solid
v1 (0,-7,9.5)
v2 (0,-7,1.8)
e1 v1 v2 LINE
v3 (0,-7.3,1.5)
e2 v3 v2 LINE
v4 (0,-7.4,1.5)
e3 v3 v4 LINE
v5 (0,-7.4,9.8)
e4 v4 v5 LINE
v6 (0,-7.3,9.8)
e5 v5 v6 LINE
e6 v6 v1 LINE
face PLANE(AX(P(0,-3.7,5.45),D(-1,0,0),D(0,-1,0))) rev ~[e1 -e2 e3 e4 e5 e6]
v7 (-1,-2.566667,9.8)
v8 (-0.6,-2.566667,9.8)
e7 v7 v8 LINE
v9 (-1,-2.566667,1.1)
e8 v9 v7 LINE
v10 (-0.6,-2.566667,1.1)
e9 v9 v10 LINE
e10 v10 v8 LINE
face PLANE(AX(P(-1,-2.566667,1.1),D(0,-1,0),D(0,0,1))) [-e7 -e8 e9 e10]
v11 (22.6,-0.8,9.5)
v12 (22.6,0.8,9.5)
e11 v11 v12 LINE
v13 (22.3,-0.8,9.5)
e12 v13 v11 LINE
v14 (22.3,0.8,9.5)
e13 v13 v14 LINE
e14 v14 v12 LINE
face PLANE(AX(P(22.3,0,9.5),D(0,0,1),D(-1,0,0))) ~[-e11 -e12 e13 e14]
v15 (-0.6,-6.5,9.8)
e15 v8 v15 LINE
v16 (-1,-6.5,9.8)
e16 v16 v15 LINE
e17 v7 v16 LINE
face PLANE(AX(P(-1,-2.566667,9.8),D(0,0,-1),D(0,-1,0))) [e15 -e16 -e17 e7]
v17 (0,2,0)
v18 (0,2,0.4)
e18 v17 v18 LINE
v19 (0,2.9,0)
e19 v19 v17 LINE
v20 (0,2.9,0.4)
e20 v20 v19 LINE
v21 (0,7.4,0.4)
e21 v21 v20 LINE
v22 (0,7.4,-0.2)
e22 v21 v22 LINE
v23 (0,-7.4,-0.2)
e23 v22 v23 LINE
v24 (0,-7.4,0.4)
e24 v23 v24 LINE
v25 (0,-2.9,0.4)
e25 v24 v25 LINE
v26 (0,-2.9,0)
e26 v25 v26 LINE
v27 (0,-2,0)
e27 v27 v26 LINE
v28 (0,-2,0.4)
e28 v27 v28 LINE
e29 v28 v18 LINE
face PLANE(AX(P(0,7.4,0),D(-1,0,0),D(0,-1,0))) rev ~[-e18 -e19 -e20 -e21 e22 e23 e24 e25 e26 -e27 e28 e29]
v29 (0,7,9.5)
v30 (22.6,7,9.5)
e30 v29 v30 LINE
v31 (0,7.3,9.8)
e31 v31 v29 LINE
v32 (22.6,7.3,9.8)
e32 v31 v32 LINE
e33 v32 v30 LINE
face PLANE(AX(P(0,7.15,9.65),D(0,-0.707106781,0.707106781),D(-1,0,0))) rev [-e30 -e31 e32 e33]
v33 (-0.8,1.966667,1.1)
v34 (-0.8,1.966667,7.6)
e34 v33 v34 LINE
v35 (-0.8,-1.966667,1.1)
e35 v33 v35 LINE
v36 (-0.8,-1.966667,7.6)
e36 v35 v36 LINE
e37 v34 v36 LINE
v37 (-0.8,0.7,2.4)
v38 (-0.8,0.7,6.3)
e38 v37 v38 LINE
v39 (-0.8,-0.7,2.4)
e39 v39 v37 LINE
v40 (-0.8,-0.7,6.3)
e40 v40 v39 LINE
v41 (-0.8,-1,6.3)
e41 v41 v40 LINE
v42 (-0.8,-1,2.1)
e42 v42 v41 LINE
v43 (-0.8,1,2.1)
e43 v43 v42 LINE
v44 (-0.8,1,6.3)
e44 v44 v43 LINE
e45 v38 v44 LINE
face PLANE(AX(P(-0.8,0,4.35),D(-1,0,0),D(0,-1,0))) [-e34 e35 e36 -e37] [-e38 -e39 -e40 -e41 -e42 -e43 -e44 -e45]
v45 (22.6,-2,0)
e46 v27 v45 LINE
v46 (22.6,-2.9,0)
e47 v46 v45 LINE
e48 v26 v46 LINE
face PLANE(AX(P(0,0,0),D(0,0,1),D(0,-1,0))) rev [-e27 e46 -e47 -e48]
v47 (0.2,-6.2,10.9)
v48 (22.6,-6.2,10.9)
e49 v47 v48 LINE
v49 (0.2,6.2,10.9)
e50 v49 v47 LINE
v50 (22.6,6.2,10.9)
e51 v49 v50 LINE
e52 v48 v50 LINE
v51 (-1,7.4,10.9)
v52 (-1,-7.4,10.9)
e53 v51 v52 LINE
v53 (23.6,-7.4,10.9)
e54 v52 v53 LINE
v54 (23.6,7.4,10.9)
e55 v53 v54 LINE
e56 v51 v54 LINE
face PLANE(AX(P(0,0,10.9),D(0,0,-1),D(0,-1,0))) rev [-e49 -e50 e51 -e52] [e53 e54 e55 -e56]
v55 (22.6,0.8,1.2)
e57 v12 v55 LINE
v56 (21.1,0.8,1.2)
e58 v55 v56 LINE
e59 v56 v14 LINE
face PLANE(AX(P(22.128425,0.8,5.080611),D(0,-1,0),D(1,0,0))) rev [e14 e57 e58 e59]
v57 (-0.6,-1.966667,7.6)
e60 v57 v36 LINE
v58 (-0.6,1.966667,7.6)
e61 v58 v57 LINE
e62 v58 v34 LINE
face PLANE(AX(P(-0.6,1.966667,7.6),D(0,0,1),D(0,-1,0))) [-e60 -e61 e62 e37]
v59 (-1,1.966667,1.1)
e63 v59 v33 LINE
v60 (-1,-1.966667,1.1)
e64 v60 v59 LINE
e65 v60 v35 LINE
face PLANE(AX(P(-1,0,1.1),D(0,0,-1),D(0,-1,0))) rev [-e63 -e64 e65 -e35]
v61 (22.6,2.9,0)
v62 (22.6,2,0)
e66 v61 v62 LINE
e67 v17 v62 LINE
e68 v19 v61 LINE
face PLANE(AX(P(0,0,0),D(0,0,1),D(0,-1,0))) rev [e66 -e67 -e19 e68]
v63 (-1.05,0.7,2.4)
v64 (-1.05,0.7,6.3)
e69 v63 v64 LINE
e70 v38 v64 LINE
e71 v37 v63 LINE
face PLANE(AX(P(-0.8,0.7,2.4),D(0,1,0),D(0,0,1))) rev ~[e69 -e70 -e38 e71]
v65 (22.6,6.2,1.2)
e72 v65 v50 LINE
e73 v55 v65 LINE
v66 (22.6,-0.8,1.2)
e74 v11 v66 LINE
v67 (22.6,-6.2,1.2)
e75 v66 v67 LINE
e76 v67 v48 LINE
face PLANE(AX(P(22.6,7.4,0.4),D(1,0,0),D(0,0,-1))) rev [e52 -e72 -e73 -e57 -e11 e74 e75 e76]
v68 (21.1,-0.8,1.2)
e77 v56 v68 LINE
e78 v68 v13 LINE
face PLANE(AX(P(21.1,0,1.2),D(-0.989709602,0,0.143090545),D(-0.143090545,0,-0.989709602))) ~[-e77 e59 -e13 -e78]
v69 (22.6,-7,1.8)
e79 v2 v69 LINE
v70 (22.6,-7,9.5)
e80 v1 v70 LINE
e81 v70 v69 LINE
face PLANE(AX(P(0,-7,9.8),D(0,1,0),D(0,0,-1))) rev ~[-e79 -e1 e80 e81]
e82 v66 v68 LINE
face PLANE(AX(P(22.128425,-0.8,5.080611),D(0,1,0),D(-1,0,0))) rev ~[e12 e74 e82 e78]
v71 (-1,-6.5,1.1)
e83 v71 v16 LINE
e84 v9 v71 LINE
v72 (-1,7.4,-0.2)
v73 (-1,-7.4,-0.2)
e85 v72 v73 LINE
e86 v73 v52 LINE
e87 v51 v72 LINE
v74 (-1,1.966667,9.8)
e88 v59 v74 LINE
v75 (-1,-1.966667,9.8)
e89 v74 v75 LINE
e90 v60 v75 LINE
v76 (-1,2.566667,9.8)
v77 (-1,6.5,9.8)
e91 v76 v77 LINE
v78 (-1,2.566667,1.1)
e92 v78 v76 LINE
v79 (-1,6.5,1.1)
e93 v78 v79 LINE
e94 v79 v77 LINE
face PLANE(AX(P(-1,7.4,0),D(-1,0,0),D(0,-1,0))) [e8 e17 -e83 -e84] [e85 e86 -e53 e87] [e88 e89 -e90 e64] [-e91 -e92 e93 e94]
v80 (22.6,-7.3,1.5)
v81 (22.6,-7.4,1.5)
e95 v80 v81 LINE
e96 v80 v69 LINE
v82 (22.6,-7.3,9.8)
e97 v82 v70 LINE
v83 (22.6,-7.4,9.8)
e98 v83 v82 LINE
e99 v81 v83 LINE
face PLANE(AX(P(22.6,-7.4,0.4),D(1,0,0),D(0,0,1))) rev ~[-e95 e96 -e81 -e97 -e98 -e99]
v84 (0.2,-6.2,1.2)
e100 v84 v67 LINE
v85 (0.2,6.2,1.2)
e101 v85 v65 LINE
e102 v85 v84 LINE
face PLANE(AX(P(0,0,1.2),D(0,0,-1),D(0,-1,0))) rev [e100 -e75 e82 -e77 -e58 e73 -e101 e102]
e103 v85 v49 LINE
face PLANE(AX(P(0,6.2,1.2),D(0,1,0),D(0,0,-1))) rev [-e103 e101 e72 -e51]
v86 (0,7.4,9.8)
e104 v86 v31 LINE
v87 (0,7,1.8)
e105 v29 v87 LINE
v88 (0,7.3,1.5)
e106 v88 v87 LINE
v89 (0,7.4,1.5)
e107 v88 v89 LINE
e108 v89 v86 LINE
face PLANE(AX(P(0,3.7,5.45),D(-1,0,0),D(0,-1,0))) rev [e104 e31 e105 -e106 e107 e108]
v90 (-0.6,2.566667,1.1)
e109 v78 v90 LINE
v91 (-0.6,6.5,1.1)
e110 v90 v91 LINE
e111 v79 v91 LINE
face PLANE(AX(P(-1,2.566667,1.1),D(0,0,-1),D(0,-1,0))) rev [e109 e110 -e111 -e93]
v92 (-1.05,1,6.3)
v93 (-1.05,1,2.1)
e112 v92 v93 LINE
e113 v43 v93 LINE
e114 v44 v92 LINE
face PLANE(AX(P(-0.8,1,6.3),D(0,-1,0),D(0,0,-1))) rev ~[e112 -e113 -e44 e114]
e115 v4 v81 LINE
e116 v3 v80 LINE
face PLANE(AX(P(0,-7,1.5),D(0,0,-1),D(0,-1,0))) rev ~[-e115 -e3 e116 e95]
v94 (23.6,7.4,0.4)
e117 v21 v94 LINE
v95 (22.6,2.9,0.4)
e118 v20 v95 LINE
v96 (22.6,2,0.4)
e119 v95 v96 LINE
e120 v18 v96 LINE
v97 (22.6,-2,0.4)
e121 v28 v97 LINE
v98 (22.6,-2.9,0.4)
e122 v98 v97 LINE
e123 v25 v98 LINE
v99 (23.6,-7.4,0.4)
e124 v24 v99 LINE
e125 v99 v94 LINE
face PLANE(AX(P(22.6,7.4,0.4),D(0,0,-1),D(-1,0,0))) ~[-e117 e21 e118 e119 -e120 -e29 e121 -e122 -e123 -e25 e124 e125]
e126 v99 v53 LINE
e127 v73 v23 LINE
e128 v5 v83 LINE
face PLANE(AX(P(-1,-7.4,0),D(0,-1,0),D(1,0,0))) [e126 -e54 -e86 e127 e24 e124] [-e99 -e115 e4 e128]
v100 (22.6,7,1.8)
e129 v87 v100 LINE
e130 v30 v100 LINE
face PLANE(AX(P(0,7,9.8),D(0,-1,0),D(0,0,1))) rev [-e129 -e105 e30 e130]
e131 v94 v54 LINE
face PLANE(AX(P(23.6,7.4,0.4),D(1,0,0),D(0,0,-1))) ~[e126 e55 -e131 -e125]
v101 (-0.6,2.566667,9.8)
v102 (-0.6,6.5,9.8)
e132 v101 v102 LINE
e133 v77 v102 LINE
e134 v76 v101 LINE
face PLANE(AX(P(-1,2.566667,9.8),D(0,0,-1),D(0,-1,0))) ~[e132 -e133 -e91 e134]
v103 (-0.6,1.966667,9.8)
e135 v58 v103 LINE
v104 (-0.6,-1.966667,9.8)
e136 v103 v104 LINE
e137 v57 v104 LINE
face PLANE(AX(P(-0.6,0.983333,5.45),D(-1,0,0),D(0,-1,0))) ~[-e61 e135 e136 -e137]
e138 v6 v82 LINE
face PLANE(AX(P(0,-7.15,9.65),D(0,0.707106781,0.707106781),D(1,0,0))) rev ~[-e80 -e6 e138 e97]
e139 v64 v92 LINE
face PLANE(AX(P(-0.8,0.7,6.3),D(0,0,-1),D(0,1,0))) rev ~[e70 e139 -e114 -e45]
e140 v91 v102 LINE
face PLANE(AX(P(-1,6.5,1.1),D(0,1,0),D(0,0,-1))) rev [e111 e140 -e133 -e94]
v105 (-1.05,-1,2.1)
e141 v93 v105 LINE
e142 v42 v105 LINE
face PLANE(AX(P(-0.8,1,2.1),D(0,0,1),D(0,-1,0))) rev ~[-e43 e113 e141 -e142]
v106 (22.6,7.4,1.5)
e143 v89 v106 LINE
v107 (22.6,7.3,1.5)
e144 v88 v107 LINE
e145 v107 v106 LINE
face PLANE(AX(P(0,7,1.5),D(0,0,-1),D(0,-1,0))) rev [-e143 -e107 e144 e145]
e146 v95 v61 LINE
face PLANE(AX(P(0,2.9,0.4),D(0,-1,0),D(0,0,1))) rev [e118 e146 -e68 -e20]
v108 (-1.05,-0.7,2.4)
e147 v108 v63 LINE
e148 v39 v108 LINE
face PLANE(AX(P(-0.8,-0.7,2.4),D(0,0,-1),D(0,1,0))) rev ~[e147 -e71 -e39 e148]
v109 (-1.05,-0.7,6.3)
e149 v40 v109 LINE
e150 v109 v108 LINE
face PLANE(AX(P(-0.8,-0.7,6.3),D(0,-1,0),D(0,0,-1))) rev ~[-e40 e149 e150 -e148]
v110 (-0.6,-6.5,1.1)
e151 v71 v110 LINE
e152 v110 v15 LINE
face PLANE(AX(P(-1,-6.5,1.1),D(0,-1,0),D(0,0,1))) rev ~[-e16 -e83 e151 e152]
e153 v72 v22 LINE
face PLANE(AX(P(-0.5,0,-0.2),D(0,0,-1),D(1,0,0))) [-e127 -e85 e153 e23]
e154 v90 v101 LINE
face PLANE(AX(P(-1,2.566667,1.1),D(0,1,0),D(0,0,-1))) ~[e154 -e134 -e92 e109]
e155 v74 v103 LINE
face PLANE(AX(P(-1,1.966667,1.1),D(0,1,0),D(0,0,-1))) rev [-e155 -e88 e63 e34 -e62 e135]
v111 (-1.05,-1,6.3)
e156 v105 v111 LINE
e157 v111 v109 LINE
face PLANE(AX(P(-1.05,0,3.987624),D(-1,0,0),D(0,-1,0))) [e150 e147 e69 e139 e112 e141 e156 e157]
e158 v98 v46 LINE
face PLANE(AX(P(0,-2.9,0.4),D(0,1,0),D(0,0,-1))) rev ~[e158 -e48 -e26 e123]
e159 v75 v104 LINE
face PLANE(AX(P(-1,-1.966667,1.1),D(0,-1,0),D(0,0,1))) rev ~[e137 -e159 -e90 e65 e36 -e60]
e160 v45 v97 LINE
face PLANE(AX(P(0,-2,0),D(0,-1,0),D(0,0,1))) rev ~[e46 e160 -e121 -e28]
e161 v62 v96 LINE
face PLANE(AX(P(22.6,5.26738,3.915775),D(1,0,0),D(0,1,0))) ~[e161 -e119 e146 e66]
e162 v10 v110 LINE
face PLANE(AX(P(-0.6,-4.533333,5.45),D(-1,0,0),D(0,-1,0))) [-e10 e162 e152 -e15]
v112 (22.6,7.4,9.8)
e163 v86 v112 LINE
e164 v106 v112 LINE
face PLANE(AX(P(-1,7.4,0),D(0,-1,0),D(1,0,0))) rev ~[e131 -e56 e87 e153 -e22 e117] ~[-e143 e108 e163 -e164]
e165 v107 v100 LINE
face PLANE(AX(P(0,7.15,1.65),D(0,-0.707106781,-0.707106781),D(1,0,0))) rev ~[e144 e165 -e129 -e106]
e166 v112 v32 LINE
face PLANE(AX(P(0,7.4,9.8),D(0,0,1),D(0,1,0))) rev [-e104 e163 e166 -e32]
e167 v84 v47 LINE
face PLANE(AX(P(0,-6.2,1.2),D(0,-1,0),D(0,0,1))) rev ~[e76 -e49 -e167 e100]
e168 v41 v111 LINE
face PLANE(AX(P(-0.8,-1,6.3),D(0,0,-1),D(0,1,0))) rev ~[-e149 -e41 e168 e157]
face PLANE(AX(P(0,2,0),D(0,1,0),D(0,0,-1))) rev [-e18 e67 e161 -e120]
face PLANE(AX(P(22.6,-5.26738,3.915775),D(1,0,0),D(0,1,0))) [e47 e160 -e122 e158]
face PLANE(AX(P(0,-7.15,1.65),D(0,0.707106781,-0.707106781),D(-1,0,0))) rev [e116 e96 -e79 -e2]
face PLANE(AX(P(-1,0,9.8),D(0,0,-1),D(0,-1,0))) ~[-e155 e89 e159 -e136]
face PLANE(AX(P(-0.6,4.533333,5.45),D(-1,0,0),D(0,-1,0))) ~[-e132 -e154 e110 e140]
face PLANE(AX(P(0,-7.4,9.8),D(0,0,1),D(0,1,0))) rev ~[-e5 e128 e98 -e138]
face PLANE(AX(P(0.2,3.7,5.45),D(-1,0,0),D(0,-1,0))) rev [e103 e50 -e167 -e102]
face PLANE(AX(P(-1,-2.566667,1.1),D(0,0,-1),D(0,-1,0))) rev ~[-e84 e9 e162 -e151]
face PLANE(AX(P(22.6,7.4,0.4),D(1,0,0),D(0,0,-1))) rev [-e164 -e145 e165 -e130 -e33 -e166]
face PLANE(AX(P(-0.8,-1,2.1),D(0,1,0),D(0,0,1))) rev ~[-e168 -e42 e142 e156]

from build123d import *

# Parameters (mm, degrees)
F1_DEPTH  = 22.6
F2_W      = 1
F2_H      = 10.5
F3_DEPTH  = 7.4
F4_W      = 7.4
F4_H      = 10.9
F5_DEPTH  = 1
F6_DEPTH  = 0.2
F7_W      = 3.9333333333
F7_H      = 8.7
F7_W_2    = 1.9666666667
F8_DEPTH  = 0.4
F9_SIZE   = 0.3
F11_DEPTH = 0.8
F13_W     = 1
F13_H     = 14.8
F14_DEPTH = 0.2
F15_W     = 3.9333333333
F15_H     = 6.5
F16_DEPTH = 0.2
F18_DEPTH = 0.25


with BuildPart() as f1:
    # F0 (on Right) → F1 (new body)
    with BuildSketch(Plane.YZ):
        Polygon((-6.2, 10.9), (-7.4, 10.9), (-7.4, 9.8), (-7, 9.8), (-7, 1.5), (-7.4, 1.5), (-7.4, 0.4), (-2.9, 0.4), (-2.9, 0), (-2, 0), (-2, 0.4), (0, 0.4), (0, 1.2), (-6.2, 1.2), align=None)
    extrude(amount=F1_DEPTH)

    # F2 (on face) → F3 (join, through all)
    with BuildSketch(Plane.XZ.offset(7.4)):
        with Locations((23.1, 5.65)):
            Rectangle(F2_W, F2_H)
    extrude(amount=-F3_DEPTH)

    # F4 (on face) → F5 (join)
    with BuildSketch(Plane(origin=(0, 0, 0), x_dir=(0, -1, 0), z_dir=(-1, 0, 0))):
        with Locations((3.7, 5.45)):
            Rectangle(F4_W, F4_H)
    extrude(amount=F5_DEPTH)

    # F6 (add): a face of the model
    f6_faces = [f1.faces().sort_by_distance(p)[0] for p in [
        (0, -3.1, 6.05),
    ]]
    extrude(f6_faces, amount=F6_DEPTH)

    # F7 (on face) → F8 (cut)
    with BuildSketch(Plane(origin=(-1, 0, 0), x_dir=(0, -1, 0), z_dir=(-1, 0, 0))):
        with Locations((4.5333333333, 5.45)):
            Rectangle(F7_W, F7_H)
        with Locations((0.9833333333, 5.45)):
            Rectangle(F7_W_2, F7_H)
    extrude(amount=-F8_DEPTH, mode=Mode.SUBTRACT)

    # F9
    f9_edges = [f1.edges().sort_by_distance(p)[0] for p in [
        (11.3, -7, 1.5),
        (11.3, -7, 9.8),
    ]]
    chamfer(f9_edges, length=F9_SIZE)

    # F10 (on face) → F11 (join)
    with BuildSketch(Plane(origin=(0, 0, 0), x_dir=(-1, 0, 0), z_dir=(0, 1, 0))):
        Polygon((-22.6, 9.5), (-22.6, 1.2), (-21.1, 1.2), (-22.3, 9.5), align=None)
    extrude(amount=-F11_DEPTH)

    # F12: F1 across face


with BuildPart() as f1_1:
    add(f1.part)
    add(f1.part.mirror(Plane(origin=(13.4187293548, 0, 3.5023232768), x_dir=(-1, 0, 0), z_dir=(0, 1, 0))))

    # F13 (on face) → F14 (join)
    with BuildSketch(Plane(origin=(0, 0, 0), x_dir=(1, 0, 0), z_dir=(0, 0, -1))):
        with Locations((-0.5, 0)):
            Rectangle(F13_W, F13_H)
    extrude(amount=F14_DEPTH)

    # F15 (on face) → F16 (join)
    with BuildSketch(Plane(origin=(-0.6, 0, 0), x_dir=(0, -1, 0), z_dir=(-1, 0, 0))):
        with Locations((0, 4.35)):
            Rectangle(F15_W, F15_H)
    extrude(amount=F16_DEPTH)

    # F17 (on face) → F18 (join)
    with BuildSketch(Plane(origin=(-0.8, 0, 0), x_dir=(0, -1, 0), z_dir=(-1, 0, 0))):
        Polygon((-0.7, 6.3), (-1, 6.3), (-1, 2.1), (1, 2.1), (1, 6.3), (0.7, 6.3), (0.7, 2.4), (-0.7, 2.4), align=None)
    extrude(amount=F18_DEPTH)


solid = f1_1.part
